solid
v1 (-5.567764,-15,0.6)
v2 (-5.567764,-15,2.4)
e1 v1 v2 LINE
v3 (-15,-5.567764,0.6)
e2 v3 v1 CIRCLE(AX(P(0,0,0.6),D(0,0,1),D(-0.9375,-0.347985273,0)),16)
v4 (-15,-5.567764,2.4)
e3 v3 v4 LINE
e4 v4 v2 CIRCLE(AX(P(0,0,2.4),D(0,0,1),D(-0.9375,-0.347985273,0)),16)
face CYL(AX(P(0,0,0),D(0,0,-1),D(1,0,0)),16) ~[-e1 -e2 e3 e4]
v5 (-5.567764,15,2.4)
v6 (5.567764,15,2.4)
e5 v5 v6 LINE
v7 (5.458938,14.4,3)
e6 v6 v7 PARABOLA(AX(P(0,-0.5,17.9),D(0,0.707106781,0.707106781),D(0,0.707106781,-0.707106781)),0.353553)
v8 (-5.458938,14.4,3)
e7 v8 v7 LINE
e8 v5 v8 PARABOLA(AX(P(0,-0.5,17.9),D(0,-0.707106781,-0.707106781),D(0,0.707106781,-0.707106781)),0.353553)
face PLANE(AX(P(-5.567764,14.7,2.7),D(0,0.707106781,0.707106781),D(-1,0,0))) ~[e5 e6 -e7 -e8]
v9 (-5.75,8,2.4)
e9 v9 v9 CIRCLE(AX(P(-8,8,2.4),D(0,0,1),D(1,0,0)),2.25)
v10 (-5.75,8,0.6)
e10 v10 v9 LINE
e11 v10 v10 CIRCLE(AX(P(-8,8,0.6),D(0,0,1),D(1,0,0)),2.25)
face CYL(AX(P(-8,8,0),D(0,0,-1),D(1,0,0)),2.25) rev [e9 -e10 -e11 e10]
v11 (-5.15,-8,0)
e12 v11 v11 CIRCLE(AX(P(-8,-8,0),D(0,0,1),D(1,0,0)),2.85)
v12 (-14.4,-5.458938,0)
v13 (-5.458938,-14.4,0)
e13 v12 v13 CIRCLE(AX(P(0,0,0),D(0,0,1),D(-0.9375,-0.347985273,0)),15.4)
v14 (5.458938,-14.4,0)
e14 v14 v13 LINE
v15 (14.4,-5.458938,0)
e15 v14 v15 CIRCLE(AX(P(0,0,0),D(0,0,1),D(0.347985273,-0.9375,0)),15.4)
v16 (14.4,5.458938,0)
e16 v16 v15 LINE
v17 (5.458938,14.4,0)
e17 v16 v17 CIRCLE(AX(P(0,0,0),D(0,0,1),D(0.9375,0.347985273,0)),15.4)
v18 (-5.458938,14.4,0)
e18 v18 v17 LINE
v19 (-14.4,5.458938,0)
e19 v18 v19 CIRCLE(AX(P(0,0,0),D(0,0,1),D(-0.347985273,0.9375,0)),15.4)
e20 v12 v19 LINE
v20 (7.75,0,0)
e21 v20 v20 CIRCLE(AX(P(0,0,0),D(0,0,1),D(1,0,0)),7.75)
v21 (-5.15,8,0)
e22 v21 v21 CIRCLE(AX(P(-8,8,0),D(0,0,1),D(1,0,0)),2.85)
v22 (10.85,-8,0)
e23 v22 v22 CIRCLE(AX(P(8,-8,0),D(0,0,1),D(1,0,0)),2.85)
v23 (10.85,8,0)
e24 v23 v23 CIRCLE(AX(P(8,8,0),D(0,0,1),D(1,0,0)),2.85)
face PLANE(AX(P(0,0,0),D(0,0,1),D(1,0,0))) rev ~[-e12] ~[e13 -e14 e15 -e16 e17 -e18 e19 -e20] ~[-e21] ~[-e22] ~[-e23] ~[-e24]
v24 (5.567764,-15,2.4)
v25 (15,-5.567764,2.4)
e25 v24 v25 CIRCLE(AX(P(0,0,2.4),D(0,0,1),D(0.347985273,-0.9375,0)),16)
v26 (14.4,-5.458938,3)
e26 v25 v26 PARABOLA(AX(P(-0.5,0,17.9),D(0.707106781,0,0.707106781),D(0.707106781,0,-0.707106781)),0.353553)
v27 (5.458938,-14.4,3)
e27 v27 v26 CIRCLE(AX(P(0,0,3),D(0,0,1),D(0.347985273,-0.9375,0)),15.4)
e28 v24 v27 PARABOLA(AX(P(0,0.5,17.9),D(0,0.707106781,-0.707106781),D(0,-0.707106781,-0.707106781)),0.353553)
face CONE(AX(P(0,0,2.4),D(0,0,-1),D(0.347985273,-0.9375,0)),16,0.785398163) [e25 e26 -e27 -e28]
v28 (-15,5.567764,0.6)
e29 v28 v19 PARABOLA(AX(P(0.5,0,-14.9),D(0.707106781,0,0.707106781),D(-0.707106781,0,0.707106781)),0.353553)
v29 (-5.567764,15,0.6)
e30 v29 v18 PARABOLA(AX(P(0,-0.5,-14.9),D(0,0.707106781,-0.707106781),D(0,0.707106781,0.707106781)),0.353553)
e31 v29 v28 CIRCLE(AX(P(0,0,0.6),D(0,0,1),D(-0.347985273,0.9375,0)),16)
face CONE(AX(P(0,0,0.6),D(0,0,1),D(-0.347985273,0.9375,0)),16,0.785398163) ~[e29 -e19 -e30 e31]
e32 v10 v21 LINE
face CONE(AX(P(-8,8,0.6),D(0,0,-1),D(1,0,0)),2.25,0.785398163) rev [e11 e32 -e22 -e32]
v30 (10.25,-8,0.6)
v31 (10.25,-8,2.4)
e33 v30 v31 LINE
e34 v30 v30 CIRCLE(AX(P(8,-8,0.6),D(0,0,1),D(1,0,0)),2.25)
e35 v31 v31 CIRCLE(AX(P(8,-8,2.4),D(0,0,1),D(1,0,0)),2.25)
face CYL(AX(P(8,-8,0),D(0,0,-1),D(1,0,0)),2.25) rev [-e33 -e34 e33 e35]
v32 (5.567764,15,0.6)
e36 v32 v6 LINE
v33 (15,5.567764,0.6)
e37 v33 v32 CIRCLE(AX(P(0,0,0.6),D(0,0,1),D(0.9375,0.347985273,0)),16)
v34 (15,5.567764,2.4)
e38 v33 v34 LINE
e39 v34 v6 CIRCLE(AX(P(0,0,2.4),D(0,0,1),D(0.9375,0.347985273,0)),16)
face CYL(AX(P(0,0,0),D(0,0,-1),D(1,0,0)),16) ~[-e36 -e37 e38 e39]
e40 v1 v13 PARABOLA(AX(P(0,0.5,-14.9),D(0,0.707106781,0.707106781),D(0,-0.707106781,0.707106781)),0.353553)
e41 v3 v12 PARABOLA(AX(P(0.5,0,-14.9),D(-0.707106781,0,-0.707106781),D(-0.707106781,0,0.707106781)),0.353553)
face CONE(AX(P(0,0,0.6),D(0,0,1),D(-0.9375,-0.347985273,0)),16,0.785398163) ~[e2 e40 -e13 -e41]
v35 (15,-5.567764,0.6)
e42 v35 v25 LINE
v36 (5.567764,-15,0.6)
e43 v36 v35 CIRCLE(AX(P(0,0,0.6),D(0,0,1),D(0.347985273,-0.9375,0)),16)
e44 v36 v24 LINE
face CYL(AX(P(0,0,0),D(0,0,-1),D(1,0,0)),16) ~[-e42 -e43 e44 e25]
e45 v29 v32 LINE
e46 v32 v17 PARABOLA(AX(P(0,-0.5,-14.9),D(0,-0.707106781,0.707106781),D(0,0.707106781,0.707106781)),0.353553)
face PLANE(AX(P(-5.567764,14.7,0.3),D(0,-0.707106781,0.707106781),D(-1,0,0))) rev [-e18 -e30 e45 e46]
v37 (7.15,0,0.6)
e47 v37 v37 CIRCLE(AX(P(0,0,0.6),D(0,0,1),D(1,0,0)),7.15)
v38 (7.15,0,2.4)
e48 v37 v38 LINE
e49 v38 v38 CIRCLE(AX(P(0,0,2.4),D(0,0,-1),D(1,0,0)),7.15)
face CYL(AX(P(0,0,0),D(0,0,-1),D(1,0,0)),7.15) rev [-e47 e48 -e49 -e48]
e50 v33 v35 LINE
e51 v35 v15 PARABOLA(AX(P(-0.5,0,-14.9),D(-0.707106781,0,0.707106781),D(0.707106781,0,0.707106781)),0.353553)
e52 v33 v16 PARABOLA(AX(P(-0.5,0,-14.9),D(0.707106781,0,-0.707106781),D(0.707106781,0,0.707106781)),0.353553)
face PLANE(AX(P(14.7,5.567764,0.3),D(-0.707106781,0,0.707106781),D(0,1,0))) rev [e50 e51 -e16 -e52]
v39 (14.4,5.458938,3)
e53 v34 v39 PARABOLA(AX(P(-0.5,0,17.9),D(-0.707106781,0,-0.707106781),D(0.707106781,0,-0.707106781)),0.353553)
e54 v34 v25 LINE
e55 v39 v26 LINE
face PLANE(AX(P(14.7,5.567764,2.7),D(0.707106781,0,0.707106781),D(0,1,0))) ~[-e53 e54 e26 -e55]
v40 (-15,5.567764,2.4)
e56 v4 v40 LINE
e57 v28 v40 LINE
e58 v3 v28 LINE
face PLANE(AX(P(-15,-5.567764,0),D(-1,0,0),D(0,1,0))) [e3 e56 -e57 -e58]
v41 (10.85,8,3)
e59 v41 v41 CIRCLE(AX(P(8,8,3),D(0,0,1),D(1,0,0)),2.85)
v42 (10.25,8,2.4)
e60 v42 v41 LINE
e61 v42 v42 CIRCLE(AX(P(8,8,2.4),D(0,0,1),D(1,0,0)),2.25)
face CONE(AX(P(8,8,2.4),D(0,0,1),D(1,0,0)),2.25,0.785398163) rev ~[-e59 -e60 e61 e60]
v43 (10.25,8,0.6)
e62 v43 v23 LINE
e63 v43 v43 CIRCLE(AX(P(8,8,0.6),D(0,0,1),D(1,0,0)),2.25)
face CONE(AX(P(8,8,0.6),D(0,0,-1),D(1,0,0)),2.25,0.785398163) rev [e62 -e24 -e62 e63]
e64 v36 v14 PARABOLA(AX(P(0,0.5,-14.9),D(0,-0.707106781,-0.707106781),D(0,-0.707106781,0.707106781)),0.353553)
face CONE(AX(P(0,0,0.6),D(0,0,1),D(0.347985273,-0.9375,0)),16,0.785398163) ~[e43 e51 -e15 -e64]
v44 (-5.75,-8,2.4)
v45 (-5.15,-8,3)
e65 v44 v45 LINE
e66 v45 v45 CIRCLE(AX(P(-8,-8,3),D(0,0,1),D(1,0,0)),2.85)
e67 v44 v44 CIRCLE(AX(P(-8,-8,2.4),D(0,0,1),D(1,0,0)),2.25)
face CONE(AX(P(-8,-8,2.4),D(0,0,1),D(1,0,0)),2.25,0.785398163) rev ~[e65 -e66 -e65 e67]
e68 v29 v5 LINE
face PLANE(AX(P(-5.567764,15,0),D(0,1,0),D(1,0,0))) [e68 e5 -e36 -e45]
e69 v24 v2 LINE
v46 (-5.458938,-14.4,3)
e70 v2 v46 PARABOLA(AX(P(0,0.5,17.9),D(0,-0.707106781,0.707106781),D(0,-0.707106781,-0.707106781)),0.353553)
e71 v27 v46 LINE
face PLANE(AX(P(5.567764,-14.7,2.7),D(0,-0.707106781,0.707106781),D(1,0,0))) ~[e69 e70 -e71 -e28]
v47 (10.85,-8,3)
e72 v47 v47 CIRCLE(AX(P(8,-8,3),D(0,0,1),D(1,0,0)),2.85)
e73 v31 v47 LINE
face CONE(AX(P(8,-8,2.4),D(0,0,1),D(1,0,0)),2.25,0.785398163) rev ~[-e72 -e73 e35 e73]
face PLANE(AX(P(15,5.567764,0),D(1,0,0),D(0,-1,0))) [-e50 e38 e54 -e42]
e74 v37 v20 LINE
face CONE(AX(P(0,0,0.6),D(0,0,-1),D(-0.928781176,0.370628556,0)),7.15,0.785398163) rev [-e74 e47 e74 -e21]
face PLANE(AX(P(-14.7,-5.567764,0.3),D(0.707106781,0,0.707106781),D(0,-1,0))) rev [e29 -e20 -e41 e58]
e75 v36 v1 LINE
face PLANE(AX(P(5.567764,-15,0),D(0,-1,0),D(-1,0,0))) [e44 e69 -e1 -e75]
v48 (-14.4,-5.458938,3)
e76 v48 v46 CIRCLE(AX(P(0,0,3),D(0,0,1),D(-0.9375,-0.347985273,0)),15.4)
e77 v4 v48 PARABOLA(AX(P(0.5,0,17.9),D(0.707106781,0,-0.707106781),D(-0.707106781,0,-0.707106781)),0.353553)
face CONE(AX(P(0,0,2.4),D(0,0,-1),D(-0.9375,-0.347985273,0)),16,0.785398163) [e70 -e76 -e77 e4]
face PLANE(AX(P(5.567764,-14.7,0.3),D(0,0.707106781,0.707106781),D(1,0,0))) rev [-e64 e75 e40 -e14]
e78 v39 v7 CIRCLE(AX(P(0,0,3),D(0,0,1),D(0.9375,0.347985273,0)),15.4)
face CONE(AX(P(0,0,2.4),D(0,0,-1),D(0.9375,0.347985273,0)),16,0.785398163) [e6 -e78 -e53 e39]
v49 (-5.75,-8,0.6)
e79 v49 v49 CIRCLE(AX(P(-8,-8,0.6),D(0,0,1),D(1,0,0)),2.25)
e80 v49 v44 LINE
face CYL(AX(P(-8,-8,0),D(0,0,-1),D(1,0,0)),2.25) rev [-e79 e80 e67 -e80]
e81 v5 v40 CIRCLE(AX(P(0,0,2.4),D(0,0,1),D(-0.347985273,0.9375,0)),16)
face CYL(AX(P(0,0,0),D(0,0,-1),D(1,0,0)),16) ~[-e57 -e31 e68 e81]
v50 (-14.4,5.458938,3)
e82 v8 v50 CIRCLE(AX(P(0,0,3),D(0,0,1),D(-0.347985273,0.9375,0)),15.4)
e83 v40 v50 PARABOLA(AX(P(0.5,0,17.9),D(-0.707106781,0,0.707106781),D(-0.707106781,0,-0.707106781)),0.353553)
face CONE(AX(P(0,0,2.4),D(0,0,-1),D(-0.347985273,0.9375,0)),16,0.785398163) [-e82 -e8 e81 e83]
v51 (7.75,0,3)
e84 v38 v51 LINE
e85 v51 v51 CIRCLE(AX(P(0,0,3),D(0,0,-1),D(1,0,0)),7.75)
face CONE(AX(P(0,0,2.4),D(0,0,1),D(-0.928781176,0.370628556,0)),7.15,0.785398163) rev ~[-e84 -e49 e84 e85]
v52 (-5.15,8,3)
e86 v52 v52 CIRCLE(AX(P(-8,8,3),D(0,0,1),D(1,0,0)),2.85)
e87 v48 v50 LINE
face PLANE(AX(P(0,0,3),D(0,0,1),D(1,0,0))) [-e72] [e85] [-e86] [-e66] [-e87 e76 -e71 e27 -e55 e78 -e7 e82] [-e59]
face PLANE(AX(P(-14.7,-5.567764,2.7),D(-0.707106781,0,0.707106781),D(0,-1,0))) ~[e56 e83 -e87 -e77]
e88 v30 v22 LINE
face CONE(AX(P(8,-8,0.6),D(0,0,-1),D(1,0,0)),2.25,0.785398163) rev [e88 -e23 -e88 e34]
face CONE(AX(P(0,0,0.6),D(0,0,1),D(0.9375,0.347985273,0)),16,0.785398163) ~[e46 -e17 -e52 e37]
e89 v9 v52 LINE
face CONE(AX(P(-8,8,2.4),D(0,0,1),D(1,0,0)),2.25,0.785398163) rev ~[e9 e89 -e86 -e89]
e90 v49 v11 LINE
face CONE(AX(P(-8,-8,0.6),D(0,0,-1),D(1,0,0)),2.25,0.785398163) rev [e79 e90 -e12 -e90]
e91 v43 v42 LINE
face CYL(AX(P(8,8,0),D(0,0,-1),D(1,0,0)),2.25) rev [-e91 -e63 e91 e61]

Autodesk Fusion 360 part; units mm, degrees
sketch "Sketch1" plane through (0, 0, 0) normal (0, 0, 1) x (1, 0, 0)
  line L0 (-15, -15) -> (-15, 15)
  line L1 (15, -15) -> (-15, -15)
  line L2 (-6.6408, 2.65) -> (6.6408, 2.65)
  circle A0 centre (-8, -8) radius 2.25
  circle A1 centre (8, 8) radius 2.25
  circle A2 centre (0, 0) radius 16
  circle A3 centre (0, 0) radius 7.15
  line L3 (15, 15) -> (15, -15)
  line L4 (-15, 15) -> (15, 15)
  line L5 (15, 15) -> (-15, -15) construction
  line L6 (-15, 15) -> (15, -15) construction
  circle A4 centre (8, -8) radius 2.25
  circle A5 centre (-8, 8) radius 2.25
  dimension "d2" = 360
  dimension "d3" = 32
  dimension "d4" = 14.3
  dimension "d5" = 2.65
  dimension "d6" = 4.5
  dimension "d7" = 8
  dimension "d8" = 8
  dimension "d9" = 15
  dimension "d10" = 15
extrude "Extrude1" add sketch "Sketch1" along normal blind 3 contours L0 L1 A2 L3 L4
chamfer "Chamfer1" distance 0.6 angle 45 2 faces at (-12.379, -0.144, 0) (-12.379, -0.144, 3)
sketch "Sketch2" plane through (0, 0, 0) normal (1, 0, 0) x (0, 1, 0)
